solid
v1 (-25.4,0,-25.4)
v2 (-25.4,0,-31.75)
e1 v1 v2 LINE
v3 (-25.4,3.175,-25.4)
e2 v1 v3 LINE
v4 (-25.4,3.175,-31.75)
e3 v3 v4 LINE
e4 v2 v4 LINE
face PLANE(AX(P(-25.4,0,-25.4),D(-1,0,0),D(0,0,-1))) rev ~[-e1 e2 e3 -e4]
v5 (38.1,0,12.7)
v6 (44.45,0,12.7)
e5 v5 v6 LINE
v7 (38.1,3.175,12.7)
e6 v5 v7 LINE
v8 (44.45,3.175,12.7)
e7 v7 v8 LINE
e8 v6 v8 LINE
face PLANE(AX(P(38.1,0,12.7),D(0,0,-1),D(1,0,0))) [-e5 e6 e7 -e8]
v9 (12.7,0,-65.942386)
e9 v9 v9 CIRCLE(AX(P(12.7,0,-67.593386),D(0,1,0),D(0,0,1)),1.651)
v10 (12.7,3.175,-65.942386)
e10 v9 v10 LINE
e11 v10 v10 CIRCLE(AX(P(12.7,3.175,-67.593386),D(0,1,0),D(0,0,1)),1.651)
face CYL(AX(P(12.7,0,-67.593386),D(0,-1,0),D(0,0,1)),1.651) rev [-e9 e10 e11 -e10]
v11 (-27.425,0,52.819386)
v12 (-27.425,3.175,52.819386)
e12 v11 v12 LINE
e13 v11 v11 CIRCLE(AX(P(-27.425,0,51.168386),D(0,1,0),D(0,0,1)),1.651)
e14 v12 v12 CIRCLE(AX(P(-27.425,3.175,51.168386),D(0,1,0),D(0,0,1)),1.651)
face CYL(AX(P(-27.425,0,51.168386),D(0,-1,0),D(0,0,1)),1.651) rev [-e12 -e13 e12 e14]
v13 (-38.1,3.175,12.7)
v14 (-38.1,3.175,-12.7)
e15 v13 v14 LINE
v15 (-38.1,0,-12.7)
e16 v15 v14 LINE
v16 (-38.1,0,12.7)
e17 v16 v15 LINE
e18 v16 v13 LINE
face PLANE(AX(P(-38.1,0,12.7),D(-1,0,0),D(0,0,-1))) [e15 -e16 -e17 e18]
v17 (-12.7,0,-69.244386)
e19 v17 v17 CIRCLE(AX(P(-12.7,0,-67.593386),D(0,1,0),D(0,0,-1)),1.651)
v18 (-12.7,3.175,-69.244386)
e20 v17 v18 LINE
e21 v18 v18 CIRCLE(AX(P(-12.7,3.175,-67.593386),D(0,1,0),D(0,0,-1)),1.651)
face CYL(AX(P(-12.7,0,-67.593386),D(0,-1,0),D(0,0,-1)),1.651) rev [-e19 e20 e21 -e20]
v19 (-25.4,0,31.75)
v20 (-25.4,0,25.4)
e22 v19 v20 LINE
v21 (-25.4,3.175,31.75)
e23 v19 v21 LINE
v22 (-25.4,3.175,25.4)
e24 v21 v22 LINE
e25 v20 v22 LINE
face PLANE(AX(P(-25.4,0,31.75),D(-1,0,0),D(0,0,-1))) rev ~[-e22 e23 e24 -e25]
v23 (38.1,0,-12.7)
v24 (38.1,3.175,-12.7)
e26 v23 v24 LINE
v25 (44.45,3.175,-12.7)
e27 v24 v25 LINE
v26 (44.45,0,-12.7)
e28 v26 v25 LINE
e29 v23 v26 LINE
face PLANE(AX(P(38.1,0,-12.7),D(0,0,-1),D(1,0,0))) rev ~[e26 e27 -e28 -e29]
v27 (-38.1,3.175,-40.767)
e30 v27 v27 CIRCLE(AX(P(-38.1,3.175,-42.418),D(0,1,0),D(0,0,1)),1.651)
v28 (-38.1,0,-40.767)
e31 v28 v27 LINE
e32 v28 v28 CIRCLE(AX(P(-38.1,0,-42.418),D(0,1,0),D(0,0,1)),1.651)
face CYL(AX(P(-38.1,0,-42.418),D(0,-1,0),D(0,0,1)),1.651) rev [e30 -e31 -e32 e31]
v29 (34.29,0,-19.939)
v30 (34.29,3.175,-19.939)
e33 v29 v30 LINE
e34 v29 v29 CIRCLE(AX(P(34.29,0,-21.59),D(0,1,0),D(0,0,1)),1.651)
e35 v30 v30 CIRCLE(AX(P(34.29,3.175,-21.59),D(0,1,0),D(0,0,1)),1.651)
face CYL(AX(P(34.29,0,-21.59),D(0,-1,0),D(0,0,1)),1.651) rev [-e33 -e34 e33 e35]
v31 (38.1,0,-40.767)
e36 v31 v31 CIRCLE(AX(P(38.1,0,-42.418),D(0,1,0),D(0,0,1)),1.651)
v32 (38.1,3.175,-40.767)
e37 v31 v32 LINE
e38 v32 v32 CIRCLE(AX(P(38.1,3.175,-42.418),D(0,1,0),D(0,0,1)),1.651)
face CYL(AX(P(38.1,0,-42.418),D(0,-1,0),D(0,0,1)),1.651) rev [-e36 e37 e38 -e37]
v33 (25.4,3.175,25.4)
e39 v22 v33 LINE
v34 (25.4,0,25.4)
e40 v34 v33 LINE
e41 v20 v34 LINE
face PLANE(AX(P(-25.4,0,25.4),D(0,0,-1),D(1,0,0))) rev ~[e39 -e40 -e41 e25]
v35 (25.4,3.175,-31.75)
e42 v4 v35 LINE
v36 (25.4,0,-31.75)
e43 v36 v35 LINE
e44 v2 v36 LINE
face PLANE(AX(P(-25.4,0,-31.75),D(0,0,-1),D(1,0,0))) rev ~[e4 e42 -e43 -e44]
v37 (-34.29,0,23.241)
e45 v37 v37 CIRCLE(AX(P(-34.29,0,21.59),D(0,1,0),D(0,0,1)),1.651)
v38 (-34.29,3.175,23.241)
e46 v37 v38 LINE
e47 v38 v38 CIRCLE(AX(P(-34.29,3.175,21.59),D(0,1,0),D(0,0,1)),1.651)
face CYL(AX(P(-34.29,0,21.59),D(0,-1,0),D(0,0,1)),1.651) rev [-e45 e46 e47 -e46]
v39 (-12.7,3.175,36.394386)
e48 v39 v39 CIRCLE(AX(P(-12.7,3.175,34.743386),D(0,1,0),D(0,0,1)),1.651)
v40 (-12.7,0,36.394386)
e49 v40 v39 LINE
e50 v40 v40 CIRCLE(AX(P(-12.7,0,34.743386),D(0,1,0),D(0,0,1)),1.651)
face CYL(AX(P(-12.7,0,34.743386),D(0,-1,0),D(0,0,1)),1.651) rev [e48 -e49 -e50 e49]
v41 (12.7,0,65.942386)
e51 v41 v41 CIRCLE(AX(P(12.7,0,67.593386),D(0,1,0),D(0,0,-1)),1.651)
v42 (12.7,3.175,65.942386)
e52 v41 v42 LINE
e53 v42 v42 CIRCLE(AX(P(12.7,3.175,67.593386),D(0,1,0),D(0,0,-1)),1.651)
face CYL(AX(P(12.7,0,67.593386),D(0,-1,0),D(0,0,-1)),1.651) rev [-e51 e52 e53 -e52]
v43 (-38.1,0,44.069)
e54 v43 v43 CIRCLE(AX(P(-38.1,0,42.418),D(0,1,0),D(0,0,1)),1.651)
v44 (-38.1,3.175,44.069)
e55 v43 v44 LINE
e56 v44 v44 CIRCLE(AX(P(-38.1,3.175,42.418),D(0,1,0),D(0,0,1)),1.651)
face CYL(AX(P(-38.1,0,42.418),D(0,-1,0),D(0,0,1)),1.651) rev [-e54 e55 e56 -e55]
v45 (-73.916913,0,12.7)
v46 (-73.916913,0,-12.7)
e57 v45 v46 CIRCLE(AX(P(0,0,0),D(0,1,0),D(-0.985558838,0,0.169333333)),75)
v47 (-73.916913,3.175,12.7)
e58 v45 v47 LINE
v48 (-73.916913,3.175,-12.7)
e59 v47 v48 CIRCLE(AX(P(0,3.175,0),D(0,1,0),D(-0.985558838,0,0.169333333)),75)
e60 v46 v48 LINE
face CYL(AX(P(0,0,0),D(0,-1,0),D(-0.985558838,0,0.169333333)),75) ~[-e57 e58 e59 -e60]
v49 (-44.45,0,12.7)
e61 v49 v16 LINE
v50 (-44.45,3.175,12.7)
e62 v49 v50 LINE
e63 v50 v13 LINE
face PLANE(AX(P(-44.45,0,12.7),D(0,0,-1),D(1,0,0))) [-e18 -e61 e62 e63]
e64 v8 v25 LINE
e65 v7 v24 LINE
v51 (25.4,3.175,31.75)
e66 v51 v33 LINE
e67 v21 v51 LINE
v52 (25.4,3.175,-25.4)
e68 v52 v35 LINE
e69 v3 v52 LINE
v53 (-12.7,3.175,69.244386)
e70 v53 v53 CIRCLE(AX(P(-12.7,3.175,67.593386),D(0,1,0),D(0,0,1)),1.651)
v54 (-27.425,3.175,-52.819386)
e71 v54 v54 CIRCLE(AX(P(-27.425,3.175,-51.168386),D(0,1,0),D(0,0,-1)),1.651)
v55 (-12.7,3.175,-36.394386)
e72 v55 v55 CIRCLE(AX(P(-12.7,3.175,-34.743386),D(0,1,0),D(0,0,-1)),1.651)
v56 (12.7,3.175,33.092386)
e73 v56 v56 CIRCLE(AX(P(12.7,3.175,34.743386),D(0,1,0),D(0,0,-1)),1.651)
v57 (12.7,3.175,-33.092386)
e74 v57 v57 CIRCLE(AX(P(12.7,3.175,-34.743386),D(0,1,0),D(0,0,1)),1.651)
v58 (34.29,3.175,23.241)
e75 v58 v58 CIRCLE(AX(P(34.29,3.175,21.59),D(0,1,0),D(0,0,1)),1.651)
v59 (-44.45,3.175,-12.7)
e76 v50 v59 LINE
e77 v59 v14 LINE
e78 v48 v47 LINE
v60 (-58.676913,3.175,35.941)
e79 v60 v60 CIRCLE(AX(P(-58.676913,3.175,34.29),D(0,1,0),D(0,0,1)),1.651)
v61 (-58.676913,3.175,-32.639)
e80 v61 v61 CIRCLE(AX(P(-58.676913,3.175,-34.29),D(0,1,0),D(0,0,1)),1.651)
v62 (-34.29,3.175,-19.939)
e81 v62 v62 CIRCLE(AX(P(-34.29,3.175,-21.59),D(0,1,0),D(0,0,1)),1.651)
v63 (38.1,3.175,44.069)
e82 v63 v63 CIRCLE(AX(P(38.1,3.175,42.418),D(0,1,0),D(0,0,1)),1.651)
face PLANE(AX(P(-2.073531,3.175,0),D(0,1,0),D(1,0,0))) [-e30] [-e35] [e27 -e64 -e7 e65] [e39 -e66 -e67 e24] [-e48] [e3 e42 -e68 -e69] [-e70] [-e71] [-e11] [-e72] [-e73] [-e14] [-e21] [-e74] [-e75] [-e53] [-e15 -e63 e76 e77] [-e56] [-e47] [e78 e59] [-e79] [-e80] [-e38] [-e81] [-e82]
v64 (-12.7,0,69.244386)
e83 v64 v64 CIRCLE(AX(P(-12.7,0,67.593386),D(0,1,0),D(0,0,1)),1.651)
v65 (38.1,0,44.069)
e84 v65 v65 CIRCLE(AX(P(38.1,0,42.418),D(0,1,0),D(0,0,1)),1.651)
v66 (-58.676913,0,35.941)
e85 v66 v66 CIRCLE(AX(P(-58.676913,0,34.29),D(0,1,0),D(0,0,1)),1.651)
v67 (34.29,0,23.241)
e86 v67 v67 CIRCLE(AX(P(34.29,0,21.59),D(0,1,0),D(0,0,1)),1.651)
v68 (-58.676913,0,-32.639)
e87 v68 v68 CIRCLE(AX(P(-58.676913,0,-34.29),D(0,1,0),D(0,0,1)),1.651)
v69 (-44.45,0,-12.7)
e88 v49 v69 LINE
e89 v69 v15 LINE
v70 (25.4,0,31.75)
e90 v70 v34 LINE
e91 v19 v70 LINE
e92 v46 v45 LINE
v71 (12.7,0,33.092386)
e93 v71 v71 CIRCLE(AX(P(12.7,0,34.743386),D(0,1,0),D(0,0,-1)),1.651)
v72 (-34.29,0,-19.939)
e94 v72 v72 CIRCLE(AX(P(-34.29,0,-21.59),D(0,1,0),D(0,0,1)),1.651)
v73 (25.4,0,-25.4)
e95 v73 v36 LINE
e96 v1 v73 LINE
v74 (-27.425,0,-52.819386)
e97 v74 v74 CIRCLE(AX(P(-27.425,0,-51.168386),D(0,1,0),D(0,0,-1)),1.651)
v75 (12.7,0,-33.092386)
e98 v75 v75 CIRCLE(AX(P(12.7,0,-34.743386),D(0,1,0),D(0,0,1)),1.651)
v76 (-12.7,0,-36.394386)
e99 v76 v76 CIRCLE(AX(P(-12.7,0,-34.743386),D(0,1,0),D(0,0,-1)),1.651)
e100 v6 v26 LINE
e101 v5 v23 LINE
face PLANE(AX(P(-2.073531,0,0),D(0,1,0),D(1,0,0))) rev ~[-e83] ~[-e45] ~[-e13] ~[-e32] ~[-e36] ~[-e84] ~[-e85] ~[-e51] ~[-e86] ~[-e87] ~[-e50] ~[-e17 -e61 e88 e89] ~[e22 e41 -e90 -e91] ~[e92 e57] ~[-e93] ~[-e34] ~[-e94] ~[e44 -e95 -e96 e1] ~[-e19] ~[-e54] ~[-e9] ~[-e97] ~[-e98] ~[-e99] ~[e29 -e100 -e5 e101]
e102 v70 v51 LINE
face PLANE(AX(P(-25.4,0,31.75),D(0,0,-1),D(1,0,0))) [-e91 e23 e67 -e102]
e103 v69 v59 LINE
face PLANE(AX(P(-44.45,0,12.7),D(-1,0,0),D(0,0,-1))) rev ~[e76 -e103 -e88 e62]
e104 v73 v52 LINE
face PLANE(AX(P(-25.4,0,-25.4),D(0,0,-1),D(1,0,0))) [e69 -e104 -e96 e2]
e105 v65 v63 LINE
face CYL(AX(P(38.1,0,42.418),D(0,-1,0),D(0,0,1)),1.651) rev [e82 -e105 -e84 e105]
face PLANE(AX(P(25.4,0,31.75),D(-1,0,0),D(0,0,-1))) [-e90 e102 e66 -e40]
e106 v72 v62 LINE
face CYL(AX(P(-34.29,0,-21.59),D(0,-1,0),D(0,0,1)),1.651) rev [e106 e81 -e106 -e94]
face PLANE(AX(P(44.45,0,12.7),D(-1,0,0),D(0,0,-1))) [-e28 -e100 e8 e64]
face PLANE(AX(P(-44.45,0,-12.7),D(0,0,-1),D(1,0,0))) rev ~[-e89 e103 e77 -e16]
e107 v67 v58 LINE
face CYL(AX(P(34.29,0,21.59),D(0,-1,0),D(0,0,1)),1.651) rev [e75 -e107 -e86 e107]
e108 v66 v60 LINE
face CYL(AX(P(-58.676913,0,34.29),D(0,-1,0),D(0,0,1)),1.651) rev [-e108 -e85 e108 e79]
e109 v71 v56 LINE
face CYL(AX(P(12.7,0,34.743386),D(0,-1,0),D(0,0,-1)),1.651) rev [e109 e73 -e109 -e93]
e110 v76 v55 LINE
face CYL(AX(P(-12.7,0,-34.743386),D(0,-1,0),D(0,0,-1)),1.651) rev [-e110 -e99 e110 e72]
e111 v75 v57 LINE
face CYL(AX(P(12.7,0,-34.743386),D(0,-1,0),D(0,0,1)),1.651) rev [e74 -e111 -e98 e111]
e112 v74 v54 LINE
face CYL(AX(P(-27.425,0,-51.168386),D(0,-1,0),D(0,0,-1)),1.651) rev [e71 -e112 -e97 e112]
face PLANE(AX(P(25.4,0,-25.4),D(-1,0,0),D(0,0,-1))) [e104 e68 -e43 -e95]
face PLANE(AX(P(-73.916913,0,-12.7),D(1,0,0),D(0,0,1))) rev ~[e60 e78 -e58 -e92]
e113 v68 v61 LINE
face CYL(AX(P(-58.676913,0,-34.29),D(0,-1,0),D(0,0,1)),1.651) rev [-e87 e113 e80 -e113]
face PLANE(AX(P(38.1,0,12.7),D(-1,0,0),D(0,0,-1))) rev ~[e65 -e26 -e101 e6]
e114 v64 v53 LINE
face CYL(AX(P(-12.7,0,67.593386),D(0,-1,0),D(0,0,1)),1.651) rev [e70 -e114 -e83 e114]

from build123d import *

# Parameters (mm, degrees)
SKETCH1_R           = 1.651
SKETCH1_W           = 50.8
SKETCH1_H           = 6.35
SKETCH1_W_2         = 6.35
SKETCH1_H_2         = 25.4
BOSS_EXTRUDE1_DEPTH = 3.175


with BuildPart() as part:
    # Sketch1 → Boss-Extrude1 (new body)
    with BuildSketch(Plane(origin=(0, 0, 0), x_dir=(1, 0, 0), z_dir=(0, 1, 0))):
        with BuildLine():
            Line((-73.916912814, 12.7), (-73.916912814, -12.7))
            ThreePointArc((-73.916912814, -12.7), (75, 0), (-73.916912814, 12.7))
        make_face()
        with Locations(Location((-34.29, 21.59, 0), (0, 0, 270))):
            Circle(SKETCH1_R, mode=Mode.SUBTRACT)
        with Locations(Location((34.29, 21.59, 0), (0, 0, 270))):
            Circle(SKETCH1_R, mode=Mode.SUBTRACT)
        with Locations(Location((-34.29, -21.59, 0), (0, 0, 270))):
            Circle(SKETCH1_R, mode=Mode.SUBTRACT)
        with Locations(Location((34.29, -21.59, 0), (0, 0, 270))):
            Circle(SKETCH1_R, mode=Mode.SUBTRACT)
        with Locations(Location((38.1, -42.418, 0), (0, 0, 270))):
            Circle(SKETCH1_R, mode=Mode.SUBTRACT)
        with Locations(Location((-38.1, -42.418, 0), (0, 0, 270))):
            Circle(SKETCH1_R, mode=Mode.SUBTRACT)
        with Locations(Location((-58.676912814, -34.29, 0), (0, 0, 270))):
            Circle(SKETCH1_R, mode=Mode.SUBTRACT)
        with Locations(Location((-58.676912814, 34.29, 0), (0, 0, 270))):
            Circle(SKETCH1_R, mode=Mode.SUBTRACT)
        with Locations(Location((-38.1, 42.418, 0), (0, 0, 270))):
            Circle(SKETCH1_R, mode=Mode.SUBTRACT)
        with Locations(Location((38.1, 42.418, 0), (0, 0, 270))):
            Circle(SKETCH1_R, mode=Mode.SUBTRACT)
        with Locations(Location((12.7, -67.593386492, 0), (0, 0, 90))):
            Circle(SKETCH1_R, mode=Mode.SUBTRACT)
        with Locations(Location((12.7, -34.743386492, 0), (0, 0, 90))):
            Circle(SKETCH1_R, mode=Mode.SUBTRACT)
        with Locations(Location((12.7, 34.743386492, 0), (0, 0, 270))):
            Circle(SKETCH1_R, mode=Mode.SUBTRACT)
        with Locations(Location((12.7, 67.593386492, 0), (0, 0, 270))):
            Circle(SKETCH1_R, mode=Mode.SUBTRACT)
        with Locations(Location((-27.425, -51.168386492, 0), (0, 0, 270))):
            Circle(SKETCH1_R, mode=Mode.SUBTRACT)
        with Locations(Location((-12.7, -34.743386492, 0), (0, 0, 270))):
            Circle(SKETCH1_R, mode=Mode.SUBTRACT)
        with Locations(Location((-12.7, -67.593386492, 0), (0, 0, 270))):
            Circle(SKETCH1_R, mode=Mode.SUBTRACT)
        with Locations(Location((-12.7, 67.593386492, 0), (0, 0, 90))):
            Circle(SKETCH1_R, mode=Mode.SUBTRACT)
        with Locations(Location((-27.425, 51.168386492, 0), (0, 0, 90))):
            Circle(SKETCH1_R, mode=Mode.SUBTRACT)
        with Locations(Location((-12.7, 34.743386492, 0), (0, 0, 90))):
            Circle(SKETCH1_R, mode=Mode.SUBTRACT)
        with Locations((0, 28.575)):
            Rectangle(SKETCH1_W, SKETCH1_H, mode=Mode.SUBTRACT)
        with Locations((41.275, 0)):
            Rectangle(SKETCH1_W_2, SKETCH1_H_2, mode=Mode.SUBTRACT)
        with Locations((0, -28.575)):
            Rectangle(SKETCH1_W, SKETCH1_H, mode=Mode.SUBTRACT)
        with Locations((-41.275, 0)):
            Rectangle(SKETCH1_W_2, SKETCH1_H_2, mode=Mode.SUBTRACT)
    extrude(amount=BOSS_EXTRUDE1_DEPTH)


solid = part.part
